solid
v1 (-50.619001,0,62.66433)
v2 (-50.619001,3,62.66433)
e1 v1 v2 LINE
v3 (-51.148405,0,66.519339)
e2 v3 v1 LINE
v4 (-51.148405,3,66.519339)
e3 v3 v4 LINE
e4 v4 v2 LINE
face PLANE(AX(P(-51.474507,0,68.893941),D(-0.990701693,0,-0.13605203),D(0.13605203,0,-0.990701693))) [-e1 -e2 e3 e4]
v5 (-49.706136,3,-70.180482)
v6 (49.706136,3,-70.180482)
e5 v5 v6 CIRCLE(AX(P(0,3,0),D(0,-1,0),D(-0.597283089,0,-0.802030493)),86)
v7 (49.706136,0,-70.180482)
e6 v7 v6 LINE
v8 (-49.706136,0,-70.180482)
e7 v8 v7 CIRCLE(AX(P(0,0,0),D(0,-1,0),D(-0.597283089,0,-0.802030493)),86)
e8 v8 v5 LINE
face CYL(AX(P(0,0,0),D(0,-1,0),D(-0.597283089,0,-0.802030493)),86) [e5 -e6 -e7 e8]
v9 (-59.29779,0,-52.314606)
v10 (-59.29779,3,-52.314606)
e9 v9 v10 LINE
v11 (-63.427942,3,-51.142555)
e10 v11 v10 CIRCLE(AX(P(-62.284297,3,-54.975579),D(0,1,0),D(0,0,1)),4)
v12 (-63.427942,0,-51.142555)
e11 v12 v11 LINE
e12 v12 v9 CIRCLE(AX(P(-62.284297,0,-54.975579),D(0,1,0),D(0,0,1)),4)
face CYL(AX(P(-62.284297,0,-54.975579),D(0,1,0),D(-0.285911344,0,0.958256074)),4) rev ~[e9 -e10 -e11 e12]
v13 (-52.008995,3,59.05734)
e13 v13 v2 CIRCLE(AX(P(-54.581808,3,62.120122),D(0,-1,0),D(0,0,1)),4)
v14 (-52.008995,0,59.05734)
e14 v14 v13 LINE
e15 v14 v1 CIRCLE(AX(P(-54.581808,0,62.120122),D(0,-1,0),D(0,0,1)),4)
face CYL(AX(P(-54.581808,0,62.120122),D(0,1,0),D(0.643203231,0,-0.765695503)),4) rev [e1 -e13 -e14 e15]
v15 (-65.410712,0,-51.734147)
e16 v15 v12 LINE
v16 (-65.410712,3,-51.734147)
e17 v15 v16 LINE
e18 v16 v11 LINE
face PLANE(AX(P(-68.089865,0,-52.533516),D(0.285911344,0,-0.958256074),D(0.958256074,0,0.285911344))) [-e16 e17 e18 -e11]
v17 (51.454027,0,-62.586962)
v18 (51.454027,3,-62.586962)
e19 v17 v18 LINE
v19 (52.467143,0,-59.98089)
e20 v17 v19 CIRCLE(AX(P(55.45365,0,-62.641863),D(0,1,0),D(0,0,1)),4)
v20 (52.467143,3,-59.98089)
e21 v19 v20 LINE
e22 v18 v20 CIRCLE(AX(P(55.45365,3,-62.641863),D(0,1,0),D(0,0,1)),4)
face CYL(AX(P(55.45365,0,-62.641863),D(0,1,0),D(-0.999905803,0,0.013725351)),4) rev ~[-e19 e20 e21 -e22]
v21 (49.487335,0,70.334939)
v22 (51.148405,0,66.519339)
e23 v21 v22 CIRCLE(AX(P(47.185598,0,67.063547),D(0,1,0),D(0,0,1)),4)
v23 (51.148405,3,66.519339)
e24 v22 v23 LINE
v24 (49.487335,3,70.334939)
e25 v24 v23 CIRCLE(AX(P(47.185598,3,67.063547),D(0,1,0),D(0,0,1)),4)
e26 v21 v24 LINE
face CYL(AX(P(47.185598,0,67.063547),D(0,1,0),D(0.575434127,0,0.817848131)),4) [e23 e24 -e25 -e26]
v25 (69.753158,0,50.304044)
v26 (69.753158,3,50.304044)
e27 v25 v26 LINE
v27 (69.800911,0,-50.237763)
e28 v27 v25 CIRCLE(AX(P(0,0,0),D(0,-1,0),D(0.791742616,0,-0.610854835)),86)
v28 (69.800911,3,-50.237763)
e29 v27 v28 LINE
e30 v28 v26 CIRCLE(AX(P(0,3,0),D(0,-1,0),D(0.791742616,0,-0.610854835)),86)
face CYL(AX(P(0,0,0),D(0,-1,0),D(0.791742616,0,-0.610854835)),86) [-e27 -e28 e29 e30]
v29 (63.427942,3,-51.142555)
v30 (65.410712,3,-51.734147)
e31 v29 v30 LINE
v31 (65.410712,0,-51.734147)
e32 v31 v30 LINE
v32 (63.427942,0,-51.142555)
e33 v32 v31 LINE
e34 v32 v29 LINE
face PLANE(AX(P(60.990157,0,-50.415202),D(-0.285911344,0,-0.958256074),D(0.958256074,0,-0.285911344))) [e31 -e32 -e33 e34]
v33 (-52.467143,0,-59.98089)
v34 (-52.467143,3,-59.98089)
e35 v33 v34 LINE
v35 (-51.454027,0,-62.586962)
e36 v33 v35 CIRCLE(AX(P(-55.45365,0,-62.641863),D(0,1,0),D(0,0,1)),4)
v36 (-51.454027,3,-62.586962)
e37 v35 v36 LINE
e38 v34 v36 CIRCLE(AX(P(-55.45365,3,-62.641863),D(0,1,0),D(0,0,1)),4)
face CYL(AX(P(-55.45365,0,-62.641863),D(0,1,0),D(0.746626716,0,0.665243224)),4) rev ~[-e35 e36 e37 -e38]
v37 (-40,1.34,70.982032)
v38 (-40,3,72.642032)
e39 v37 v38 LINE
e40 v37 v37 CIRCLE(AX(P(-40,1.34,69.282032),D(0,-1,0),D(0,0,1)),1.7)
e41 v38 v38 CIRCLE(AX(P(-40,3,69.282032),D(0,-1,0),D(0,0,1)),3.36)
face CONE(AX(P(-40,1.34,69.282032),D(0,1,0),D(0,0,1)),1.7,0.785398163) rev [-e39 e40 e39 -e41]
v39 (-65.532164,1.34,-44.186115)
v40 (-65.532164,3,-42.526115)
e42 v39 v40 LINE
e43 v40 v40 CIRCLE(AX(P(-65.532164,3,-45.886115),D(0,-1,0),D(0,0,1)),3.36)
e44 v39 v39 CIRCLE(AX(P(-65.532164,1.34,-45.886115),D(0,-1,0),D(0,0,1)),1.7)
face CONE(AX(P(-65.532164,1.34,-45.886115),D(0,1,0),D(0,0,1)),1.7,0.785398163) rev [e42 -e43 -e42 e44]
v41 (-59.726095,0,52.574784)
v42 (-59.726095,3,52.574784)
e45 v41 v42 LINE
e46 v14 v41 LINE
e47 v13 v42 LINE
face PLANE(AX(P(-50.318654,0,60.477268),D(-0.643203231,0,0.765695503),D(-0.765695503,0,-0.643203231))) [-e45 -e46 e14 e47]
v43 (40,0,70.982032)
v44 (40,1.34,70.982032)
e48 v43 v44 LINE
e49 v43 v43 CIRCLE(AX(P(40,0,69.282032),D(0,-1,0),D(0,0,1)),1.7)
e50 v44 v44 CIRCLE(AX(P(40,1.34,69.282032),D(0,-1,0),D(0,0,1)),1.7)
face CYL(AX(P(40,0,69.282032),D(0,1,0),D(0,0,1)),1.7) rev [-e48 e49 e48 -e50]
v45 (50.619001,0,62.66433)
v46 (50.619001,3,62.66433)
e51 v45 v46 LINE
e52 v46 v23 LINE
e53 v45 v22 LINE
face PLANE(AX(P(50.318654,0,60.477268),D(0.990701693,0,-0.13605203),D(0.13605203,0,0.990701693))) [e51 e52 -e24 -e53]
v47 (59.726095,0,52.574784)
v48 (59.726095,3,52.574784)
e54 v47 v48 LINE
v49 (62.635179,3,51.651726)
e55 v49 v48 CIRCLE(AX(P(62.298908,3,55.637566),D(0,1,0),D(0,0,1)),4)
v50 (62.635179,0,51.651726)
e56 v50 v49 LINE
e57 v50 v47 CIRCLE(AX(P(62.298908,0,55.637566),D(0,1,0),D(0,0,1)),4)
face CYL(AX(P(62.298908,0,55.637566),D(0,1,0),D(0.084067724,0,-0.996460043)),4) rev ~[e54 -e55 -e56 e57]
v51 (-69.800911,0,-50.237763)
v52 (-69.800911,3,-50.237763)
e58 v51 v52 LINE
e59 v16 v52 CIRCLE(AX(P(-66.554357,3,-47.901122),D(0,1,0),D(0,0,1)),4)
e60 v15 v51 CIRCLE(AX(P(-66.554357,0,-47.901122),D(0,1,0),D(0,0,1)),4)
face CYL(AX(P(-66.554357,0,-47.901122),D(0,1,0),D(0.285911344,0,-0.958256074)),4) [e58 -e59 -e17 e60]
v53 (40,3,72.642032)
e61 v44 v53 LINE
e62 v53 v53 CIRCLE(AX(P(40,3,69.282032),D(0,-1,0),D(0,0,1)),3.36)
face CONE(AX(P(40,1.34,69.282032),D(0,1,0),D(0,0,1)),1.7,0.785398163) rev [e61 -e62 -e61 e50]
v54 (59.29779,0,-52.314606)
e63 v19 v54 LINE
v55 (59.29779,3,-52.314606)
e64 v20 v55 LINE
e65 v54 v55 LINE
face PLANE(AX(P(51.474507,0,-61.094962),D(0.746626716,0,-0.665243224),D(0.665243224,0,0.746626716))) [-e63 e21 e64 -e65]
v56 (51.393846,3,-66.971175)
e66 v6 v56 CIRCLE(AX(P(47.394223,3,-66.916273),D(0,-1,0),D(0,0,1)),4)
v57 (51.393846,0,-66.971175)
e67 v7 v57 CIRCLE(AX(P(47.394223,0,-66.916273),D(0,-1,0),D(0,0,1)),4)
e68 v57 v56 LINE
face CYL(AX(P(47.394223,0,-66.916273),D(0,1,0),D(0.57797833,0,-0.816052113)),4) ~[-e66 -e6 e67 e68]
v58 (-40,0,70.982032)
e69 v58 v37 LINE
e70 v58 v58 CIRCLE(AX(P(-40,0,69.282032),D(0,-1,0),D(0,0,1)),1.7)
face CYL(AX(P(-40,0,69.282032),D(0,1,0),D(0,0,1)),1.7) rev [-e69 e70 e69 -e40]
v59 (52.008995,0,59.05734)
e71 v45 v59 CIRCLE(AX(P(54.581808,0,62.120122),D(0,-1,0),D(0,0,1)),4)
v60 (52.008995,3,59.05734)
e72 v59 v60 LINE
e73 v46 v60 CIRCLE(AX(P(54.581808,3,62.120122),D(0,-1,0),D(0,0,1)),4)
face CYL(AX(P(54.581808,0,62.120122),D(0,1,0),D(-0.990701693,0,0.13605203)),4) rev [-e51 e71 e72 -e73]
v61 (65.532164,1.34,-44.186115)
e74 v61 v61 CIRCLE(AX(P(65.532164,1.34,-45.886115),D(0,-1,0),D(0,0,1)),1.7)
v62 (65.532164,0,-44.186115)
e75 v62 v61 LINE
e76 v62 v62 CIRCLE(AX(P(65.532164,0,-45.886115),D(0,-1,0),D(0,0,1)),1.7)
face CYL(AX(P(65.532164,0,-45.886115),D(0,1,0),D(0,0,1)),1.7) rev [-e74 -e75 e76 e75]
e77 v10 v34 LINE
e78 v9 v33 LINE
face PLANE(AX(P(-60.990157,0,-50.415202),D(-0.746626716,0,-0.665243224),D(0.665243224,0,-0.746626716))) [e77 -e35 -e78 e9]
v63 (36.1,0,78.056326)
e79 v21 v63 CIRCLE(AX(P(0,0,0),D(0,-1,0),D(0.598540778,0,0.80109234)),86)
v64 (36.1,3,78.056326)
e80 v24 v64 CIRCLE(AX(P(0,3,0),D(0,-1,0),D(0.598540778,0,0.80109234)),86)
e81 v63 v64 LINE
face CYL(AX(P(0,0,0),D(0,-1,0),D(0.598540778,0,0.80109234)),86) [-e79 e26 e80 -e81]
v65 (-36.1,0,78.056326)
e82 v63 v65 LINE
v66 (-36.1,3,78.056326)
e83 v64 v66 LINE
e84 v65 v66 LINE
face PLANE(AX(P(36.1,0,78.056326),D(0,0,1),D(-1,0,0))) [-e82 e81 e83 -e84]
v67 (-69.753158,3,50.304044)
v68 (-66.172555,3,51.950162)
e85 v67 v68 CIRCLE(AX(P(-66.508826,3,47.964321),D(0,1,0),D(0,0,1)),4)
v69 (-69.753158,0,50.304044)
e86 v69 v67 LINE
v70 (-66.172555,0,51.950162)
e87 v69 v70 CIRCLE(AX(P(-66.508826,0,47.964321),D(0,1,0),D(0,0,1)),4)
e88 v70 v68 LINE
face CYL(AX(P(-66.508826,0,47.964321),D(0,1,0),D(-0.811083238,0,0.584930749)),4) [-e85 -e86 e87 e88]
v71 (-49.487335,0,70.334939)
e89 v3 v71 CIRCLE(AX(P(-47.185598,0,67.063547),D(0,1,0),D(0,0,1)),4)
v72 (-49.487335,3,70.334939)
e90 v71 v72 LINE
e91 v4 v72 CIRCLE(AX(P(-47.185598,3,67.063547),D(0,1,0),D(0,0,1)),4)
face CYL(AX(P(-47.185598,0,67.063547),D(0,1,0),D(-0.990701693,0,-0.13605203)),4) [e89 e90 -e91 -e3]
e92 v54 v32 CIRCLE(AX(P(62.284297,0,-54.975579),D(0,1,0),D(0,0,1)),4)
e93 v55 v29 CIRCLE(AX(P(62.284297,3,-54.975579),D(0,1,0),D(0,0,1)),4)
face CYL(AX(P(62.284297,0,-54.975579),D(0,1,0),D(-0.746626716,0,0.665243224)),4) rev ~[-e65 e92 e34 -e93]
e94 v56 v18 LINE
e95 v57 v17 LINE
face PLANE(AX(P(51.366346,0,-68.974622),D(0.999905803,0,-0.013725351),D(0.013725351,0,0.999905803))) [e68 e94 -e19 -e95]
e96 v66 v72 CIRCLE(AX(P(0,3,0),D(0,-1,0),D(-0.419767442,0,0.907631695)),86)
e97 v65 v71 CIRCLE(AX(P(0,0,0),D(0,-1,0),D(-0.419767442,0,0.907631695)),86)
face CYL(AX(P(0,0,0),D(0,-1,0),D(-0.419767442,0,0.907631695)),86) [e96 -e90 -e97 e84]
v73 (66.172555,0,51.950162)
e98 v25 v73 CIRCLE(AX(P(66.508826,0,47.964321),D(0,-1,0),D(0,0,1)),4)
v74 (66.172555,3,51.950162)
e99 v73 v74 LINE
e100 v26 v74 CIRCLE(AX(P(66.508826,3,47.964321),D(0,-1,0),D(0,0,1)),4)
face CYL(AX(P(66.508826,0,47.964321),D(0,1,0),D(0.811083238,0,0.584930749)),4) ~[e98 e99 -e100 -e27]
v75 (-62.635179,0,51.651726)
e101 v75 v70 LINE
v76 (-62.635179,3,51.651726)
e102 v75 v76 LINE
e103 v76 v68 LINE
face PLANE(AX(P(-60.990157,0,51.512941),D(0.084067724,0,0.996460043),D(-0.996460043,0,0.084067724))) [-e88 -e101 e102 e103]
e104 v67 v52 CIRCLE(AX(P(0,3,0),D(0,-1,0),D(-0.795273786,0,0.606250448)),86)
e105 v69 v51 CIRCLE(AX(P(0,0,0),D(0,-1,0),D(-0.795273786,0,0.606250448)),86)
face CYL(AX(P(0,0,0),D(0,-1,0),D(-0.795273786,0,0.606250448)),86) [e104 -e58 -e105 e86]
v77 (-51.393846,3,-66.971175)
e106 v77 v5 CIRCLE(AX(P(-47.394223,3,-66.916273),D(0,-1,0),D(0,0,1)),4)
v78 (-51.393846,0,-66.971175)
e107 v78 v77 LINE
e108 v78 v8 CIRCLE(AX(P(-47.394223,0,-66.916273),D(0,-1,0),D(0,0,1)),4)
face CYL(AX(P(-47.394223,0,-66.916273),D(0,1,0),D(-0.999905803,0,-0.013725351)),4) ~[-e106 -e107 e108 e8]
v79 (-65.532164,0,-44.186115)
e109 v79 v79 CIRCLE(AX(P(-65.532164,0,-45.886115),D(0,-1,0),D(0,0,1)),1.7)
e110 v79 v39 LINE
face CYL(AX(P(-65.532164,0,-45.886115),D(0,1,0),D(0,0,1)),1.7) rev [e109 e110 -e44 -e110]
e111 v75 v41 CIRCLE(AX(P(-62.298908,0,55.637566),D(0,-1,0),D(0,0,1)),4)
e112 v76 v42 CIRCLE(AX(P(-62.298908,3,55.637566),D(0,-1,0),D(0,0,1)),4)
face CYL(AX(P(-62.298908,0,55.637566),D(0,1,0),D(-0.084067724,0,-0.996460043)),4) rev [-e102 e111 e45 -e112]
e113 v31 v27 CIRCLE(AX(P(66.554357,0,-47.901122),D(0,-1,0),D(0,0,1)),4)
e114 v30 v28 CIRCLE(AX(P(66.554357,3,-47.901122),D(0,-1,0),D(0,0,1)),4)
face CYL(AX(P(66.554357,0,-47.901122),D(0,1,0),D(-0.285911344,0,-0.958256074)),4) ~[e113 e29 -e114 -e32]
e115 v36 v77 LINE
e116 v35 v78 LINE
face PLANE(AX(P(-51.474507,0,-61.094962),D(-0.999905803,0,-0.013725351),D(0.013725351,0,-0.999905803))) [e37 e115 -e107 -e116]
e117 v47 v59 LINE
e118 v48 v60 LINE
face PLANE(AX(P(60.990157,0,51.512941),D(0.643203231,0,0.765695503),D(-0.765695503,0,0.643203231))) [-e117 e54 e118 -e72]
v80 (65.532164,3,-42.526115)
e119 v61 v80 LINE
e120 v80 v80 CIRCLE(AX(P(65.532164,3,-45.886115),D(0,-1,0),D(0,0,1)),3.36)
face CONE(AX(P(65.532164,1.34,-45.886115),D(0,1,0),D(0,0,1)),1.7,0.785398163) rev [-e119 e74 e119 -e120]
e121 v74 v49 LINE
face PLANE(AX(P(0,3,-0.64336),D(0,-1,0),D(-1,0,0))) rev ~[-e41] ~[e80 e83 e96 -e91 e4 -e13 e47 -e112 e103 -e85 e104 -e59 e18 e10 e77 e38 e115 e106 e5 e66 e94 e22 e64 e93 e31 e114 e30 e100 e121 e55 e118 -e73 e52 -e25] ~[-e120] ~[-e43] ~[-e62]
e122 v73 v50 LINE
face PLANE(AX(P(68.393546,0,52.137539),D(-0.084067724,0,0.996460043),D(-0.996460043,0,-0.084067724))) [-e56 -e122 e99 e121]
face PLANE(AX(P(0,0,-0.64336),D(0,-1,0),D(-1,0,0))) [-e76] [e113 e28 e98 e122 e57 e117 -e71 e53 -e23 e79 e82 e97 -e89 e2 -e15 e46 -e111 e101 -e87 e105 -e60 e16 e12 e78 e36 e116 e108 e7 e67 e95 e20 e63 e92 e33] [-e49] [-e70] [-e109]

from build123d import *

# Parameters (mm, degrees)
RESSALTO_EXTRUS_O1_DEPTH            = 3
ESCAREADO_PARA_SFHCS_M31_AT_2_COUNT = 2
ESCAREADO_PARA_SFHCS_M31_AT_2_PITCH = 117.96437389
ESCAREADO_PARA_SFHCS_M31_AT_3_COUNT = 2
ESCAREADO_PARA_SFHCS_M31_AT_3_PITCH = 80
ESCAREADO_PARA_SFHCS_M31_AT_4_COUNT = 2
ESCAREADO_PARA_SFHCS_M31_AT_4_PITCH = 156.207361139
FILETE1_R                           = 4


with BuildPart() as part:
    # Esboço1 → Ressalto-extrusão1 (new body)
    with BuildSketch(Plane(origin=(0, 0, 0), x_dir=(1, 0, 0), z_dir=(0, 1, 0))):
        with BuildLine():
            Line((-68.089865002, 52.533515816), (-60.990156529, 50.415201884))
            Line((-60.990156529, 50.415201884), (-51.474506905, 61.094962266))
            Line((-51.474506905, 61.094962266), (-51.366345618, 68.974622419))
            ThreePointArc((-51.366345618, 68.974622419), (0, 86), (51.366345618, 68.974622419))
            Line((51.366345618, 68.974622419), (51.474506905, 61.094962266))
            Line((51.474506905, 61.094962266), (60.990156529, 50.415201884))
            Line((60.990156529, 50.415201884), (68.089865002, 52.533515816))
            ThreePointArc((68.089865002, 52.533515816), (85.999638052, 0.24950947), (68.393545574, -52.137538529))
            Line((68.393545574, -52.137538529), (60.990156529, -51.512941417))
            Line((60.990156529, -51.512941417), (50.318654012, -60.477268457))
            Line((50.318654012, -60.477268457), (51.474506905, -68.893941235))
            ThreePointArc((51.474506905, -68.893941235), (44.026252256, -73.876174185), (36.1, -78.056325817))
            Line((36.1, -78.056325817), (-36.1, -78.056325817))
            ThreePointArc((-36.1, -78.056325817), (-44.026252256, -73.876174185), (-51.474506905, -68.893941235))
            Line((-51.474506905, -68.893941235), (-50.318654012, -60.477268457))
            Line((-50.318654012, -60.477268457), (-60.990156529, -51.512941417))
            Line((-60.990156529, -51.512941417), (-68.393545574, -52.137538529))
            ThreePointArc((-68.393545574, -52.137538529), (-85.999638052, 0.24950947), (-68.089865002, 52.533515816))
        make_face()
    extrude(amount=RESSALTO_EXTRUS_O1_DEPTH)

    # Esboço3 → Escareado para SFHCS M31 (revolve, cut)
    with BuildSketch(Plane(origin=(40, 3, 69.282032303), x_dir=(0, 0, 1), z_dir=(1, 0, 0))):
        Polygon((0, 0), (0, 3), (1.7, 3), (1.7, 1.66), (3.36, 0), align=None)
    escareado_para_sfhcs_m31 = revolve(axis=Axis((40, 9.35, 69.282032303), (0, -1, 0)), mode=Mode.SUBTRACT)

    # Escareado para SFHCS M31 at 2: Escareado para SFHCS M31 ×2
    with Locations(*[Vector(0.21643961393810332, 0, -0.9762960071199333) * (i * ESCAREADO_PARA_SFHCS_M31_AT_2_PITCH) for i in range(1, ESCAREADO_PARA_SFHCS_M31_AT_2_COUNT)]):
        add(escareado_para_sfhcs_m31, mode=Mode.SUBTRACT)

    # Escareado para SFHCS M31 at 3: Escareado para SFHCS M31 ×2
    with Locations(*[(-i * ESCAREADO_PARA_SFHCS_M31_AT_3_PITCH, 0, 0) for i in range(1, ESCAREADO_PARA_SFHCS_M31_AT_3_COUNT)]):
        add(escareado_para_sfhcs_m31, mode=Mode.SUBTRACT)

    # Escareado para SFHCS M31 at 4: Escareado para SFHCS M31 ×2
    with Locations(*[Vector(-0.6755902076156564, 0, -0.7372773368101276) * (i * ESCAREADO_PARA_SFHCS_M31_AT_4_PITCH) for i in range(1, ESCAREADO_PARA_SFHCS_M31_AT_4_COUNT)]):
        add(escareado_para_sfhcs_m31, mode=Mode.SUBTRACT)

    # Filete1
    filete1_edges = [part.edges().sort_by_distance(p)[0] for p in [
        (-68.089865002, 1.5, -52.533515816),
        (-60.990156529, 1.5, -50.415201884),
        (-51.474506905, 1.5, -61.094962266),
        (-51.366345618, 1.5, -68.974622419),
        (51.366345618, 1.5, -68.974622419),
        (51.474506905, 1.5, -61.094962266),
        (60.990156529, 1.5, -50.415201884),
        (68.089865002, 1.5, -52.533515816),
        (68.393545574, 1.5, 52.137538529),
        (60.990156529, 1.5, 51.512941417),
        (50.318654012, 1.5, 60.477268457),
        (51.474506905, 1.5, 68.893941235),
        (-51.474506905, 1.5, 68.893941235),
        (-50.318654012, 1.5, 60.477268457),
        (-60.990156529, 1.5, 51.512941417),
        (-68.393545574, 1.5, 52.137538529),
    ]]
    fillet(filete1_edges, radius=FILETE1_R)


solid = part.part
